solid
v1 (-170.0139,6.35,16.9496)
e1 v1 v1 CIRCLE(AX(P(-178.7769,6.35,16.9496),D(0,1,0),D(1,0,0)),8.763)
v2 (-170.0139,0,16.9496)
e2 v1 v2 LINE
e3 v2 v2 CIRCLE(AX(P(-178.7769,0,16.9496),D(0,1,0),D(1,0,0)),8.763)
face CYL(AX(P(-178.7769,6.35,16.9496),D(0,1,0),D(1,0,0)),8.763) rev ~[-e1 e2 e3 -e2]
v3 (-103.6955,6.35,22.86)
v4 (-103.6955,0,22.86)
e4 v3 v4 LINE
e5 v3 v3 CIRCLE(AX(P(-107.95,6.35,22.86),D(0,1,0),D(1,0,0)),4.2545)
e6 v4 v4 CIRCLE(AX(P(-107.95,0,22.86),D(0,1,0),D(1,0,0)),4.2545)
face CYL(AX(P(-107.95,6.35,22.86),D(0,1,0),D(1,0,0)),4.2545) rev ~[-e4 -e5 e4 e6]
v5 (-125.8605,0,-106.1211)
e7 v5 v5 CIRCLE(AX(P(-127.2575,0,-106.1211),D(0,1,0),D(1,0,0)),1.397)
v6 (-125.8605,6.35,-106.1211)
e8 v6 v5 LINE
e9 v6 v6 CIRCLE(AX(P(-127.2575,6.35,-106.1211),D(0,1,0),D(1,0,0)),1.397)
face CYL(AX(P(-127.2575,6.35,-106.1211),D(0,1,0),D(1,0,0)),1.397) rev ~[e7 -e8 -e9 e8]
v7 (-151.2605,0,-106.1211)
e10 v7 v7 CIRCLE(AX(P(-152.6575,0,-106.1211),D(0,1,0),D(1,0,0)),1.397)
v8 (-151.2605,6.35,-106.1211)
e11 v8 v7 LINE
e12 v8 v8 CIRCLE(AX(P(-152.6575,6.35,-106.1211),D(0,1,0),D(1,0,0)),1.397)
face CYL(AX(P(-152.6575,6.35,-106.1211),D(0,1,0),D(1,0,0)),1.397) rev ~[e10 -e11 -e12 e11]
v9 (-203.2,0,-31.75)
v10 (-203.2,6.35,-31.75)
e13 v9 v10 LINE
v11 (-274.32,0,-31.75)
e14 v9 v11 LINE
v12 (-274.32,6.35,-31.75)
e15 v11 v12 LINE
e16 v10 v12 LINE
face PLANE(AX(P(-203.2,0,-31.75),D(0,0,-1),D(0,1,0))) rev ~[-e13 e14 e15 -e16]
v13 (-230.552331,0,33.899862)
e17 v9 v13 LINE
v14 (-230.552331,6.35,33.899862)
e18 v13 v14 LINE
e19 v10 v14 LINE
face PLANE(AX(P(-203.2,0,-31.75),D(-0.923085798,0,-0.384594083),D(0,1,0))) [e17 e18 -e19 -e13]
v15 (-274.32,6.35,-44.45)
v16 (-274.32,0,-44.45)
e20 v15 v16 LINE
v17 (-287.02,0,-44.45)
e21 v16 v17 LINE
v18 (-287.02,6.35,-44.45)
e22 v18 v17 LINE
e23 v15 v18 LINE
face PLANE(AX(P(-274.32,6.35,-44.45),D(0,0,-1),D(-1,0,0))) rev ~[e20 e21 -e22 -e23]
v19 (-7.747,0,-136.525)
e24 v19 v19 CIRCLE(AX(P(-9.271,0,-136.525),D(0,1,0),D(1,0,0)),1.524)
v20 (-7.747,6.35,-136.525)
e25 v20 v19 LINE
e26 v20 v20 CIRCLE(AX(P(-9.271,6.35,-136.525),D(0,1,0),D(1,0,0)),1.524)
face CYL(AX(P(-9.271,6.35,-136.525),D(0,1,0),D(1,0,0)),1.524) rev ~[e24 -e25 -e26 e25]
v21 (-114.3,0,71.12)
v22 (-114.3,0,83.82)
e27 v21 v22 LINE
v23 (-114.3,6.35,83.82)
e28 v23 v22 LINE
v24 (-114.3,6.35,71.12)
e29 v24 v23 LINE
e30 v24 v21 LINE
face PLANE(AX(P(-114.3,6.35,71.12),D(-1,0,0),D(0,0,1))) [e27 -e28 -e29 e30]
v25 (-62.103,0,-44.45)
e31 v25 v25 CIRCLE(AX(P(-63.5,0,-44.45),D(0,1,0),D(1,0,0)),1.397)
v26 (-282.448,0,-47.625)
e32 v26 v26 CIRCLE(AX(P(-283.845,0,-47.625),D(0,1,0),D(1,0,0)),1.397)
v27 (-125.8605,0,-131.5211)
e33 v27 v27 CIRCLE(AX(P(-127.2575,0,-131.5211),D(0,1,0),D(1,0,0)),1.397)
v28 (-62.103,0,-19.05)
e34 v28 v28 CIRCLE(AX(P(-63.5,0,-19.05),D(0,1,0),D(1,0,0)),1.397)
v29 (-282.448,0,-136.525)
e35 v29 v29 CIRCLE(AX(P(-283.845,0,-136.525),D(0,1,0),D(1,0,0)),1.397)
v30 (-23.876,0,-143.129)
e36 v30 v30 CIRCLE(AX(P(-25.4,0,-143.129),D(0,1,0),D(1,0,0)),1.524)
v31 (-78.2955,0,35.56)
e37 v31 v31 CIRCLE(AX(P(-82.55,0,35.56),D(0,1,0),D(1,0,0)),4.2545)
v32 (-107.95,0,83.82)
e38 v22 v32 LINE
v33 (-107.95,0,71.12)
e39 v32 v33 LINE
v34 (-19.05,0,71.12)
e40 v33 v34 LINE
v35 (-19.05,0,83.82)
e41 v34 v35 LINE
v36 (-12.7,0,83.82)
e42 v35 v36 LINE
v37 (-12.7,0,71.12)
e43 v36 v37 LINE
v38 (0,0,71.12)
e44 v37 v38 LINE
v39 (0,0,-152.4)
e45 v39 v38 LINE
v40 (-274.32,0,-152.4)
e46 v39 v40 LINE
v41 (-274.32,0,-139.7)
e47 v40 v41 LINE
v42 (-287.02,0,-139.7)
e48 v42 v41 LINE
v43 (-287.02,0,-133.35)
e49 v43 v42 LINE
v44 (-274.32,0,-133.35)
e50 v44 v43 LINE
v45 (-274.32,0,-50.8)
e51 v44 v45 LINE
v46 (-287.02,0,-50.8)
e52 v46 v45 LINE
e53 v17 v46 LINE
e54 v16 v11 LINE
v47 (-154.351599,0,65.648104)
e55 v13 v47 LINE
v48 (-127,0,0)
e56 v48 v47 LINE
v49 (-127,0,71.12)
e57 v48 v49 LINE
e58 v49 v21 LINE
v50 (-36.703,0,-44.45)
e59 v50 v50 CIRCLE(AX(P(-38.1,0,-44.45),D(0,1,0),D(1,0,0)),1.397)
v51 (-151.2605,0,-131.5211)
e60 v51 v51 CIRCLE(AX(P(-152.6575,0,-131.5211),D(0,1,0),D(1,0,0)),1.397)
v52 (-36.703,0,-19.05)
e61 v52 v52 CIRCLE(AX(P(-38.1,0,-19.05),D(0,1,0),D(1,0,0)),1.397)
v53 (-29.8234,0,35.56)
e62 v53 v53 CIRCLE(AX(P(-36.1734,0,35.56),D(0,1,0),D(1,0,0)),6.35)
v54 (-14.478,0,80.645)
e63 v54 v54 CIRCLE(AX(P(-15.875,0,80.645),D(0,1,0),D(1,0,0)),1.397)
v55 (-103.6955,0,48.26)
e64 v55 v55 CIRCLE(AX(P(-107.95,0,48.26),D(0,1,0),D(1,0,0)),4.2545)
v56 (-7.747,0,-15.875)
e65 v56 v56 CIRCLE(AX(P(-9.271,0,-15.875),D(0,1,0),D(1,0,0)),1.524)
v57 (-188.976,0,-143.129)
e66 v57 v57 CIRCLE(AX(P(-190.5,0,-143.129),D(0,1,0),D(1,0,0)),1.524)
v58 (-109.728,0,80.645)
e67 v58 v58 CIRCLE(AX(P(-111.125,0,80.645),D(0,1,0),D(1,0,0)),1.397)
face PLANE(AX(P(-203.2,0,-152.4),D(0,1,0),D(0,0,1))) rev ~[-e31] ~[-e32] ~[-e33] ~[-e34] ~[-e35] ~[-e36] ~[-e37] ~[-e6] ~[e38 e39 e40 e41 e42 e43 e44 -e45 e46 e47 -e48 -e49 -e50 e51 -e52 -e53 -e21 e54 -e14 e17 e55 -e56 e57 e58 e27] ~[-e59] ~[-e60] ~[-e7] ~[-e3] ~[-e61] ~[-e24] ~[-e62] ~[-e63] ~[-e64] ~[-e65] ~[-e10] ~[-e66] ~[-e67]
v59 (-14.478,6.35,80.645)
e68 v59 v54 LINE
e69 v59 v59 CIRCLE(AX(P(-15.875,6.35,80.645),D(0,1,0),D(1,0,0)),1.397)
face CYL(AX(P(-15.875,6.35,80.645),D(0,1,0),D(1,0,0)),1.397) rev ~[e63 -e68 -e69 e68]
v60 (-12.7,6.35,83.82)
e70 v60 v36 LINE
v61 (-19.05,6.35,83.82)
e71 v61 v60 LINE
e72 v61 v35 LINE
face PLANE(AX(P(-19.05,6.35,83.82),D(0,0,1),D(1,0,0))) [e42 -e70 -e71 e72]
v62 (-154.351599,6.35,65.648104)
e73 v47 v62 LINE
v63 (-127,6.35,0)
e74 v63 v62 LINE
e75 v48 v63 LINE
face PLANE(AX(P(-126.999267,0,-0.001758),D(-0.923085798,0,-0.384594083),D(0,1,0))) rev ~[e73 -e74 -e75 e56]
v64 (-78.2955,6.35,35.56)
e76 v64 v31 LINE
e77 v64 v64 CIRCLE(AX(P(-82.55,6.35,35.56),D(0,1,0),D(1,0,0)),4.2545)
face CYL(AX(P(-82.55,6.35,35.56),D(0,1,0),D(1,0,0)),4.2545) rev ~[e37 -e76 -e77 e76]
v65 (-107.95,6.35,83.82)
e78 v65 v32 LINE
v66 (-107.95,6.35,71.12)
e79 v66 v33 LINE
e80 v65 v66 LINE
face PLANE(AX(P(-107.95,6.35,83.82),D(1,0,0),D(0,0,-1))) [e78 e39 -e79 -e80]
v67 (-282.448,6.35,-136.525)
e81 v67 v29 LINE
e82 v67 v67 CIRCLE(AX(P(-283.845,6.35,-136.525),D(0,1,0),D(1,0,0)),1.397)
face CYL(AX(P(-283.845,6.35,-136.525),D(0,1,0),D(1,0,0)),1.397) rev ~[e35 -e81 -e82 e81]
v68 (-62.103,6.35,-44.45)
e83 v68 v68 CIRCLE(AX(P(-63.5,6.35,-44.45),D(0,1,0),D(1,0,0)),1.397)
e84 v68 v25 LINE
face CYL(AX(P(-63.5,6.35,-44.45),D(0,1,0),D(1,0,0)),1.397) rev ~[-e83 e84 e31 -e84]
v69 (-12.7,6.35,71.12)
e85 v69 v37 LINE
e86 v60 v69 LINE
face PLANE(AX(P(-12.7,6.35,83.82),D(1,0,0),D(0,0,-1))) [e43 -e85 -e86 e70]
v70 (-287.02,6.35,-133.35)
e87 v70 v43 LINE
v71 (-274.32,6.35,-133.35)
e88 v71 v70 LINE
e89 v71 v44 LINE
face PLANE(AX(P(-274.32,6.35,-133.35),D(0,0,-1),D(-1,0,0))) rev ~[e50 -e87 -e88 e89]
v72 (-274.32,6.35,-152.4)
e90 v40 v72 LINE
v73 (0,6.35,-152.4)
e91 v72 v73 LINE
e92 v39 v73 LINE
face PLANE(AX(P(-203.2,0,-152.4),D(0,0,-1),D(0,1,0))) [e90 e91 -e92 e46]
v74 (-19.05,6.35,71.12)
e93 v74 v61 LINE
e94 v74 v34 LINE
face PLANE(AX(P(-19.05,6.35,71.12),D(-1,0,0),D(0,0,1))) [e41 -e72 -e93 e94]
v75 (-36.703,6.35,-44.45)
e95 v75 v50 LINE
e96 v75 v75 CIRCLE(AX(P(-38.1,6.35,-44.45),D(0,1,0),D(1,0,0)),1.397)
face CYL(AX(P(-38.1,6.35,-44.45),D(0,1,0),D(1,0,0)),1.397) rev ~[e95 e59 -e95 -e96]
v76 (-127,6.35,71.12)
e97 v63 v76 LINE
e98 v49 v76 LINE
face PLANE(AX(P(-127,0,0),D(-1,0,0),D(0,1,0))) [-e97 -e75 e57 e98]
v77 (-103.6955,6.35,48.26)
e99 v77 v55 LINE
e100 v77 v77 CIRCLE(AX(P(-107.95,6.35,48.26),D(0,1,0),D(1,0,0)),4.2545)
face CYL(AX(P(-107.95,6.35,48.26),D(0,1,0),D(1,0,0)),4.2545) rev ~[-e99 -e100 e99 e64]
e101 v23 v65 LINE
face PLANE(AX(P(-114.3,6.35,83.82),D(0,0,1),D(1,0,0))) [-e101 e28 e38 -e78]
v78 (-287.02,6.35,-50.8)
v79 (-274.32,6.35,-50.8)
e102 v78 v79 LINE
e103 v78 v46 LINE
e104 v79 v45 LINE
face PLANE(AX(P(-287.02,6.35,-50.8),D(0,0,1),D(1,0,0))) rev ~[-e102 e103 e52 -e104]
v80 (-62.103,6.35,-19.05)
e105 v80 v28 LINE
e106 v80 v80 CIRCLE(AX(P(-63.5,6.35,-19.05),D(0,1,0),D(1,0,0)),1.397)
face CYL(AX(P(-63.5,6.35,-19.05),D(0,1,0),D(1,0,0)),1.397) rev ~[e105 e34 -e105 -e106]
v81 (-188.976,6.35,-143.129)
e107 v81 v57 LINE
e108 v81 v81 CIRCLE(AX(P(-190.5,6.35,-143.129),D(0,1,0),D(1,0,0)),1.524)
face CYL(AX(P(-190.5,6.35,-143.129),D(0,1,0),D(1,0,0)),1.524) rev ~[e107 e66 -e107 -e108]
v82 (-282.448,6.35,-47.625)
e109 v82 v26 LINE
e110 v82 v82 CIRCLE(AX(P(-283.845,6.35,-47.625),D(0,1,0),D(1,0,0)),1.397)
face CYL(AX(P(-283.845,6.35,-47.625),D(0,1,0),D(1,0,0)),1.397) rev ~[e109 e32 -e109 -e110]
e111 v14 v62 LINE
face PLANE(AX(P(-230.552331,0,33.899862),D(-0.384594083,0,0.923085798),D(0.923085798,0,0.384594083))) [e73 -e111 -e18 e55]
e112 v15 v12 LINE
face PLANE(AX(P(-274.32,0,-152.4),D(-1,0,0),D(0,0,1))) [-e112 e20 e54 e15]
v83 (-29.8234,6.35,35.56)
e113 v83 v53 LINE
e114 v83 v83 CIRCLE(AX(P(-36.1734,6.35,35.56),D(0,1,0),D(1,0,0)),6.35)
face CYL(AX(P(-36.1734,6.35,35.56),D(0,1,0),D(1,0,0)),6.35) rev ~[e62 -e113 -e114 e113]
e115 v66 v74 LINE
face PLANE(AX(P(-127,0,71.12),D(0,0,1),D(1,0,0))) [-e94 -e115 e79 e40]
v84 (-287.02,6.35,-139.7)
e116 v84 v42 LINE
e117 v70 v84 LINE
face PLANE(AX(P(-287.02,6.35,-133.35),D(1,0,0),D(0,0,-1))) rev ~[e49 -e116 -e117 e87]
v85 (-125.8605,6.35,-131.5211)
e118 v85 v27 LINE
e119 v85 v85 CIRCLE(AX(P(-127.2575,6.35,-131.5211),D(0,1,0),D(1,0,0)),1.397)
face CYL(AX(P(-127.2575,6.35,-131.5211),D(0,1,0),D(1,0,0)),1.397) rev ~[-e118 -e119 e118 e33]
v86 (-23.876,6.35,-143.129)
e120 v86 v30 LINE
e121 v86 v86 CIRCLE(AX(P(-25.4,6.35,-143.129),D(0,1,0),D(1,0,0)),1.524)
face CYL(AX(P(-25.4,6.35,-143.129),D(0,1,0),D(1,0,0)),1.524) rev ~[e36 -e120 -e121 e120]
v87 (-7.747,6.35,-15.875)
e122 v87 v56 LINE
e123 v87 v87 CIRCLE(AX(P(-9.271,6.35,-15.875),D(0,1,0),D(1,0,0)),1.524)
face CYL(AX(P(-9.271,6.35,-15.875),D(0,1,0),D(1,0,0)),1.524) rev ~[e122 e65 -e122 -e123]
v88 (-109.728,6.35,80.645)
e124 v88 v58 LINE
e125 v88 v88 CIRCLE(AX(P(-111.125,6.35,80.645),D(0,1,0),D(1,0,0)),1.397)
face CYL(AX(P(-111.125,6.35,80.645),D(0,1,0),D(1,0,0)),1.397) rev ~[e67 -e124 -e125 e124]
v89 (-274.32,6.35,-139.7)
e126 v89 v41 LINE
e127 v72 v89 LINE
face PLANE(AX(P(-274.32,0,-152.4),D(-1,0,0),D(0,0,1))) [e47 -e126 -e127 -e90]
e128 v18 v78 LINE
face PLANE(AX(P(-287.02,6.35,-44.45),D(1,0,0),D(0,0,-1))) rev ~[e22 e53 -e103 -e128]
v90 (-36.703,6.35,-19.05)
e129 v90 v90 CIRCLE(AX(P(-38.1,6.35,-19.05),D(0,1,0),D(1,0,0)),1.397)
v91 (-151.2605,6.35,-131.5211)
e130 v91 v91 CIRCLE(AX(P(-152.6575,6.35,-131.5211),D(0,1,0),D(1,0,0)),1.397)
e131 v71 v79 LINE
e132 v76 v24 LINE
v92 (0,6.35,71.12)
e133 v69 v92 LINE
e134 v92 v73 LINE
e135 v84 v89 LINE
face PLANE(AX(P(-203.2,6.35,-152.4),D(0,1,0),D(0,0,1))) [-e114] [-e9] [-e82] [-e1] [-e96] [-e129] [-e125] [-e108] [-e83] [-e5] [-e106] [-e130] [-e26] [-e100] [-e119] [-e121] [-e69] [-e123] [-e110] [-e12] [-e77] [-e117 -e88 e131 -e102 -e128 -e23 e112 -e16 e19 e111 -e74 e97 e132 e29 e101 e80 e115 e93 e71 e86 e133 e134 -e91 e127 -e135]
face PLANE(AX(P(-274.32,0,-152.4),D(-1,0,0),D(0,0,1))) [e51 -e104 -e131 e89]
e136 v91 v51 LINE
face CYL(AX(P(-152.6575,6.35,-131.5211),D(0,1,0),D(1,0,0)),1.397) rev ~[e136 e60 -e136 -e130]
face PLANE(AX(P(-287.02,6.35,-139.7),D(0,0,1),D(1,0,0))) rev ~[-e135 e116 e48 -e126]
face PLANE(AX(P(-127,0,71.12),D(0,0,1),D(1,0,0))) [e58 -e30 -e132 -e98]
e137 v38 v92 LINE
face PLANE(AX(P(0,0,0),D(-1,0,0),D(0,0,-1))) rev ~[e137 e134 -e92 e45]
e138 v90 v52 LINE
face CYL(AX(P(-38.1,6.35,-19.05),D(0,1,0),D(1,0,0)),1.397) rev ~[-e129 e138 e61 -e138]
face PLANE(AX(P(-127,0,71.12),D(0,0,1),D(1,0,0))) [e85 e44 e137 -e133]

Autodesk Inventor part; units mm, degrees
ref_plane "YZ Plane" through (0, 0, 0) normal (1, 0, 0) x (0, 1, 0)
ref_plane "XZ Plane" through (0, 0, 0) normal (0, 1, 0) x (-1, 0, 0)
ref_plane "XY Plane" through (0, 0, 0) normal (0, 0, 1) x (1, 0, 0)
sketch "Sketch1" plane through (0, 0, 0) normal (0, 1, 0) x (-1, 0, 0)
  line L0 (0, 0) -> (0, -152.4)
  line L1 (0, -152.4) -> (203.2, -152.4)
  line L2 (203.2, -152.4) -> (203.2, -31.75)
  line L3 (203.2, -31.75) -> (127, 0)
  line L4 (127, 0) -> (0, 0)
  dimension "d0" = 203.2
  dimension "d1" = 120.65
  dimension "d2" = 127
  dimension "d3" = 152.4
extrude "Extrusion1" add sketch "Sketch1" along normal blind 6.35
sketch "Sketch3" plane through (-127, 0, 0) normal (0, 0, 1) x (1, 0, 0)
  line L0 (0, 0) -> (127, 0) projected
  line L1 (127, 0) -> (127, 6.35) projected
  line L2 (0, 6.35) -> (127, 6.35) projected
  line L3 (0, 0) -> (0, 6.35) projected
extrude "Extrusion2" add sketch "Sketch3" along normal blind 71.12
sketch "Sketch4" plane through (-203.2, 0, -31.75) normal (-0.3846, 0, 0.9231) x (0.9231, 0, 0.3846)
  line L0 (0, 0) -> (82.55, 0) projected
  line L1 (82.55, 0) -> (82.55, 6.35) projected
  line L2 (0, 6.35) -> (82.55, 6.35) projected
  line L3 (0, 0) -> (0, 6.35) projected
  point P0 (199.7808, 0)
extrude "Extrusion3" add sketch "Sketch4" along normal blind 71.12
sketch "Sketch5" plane through (-203.2, 0, -152.4) normal (-1, 0, 0) x (0, 0, 1)
  line L0 (0, 0) -> (120.65, 0) projected
  line L1 (120.65, 0) -> (120.65, 6.35) projected
  line L2 (0, 6.35) -> (120.65, 6.35) projected
  line L3 (0, 0) -> (0, 6.35) projected
  point P0 (152.4, 0)
extrude "Extrusion4" add sketch "Sketch5" along normal blind 71.12
sketch "Sketch7" plane through (0, 6.35, 0) normal (0, 1, 0) x (1, 0, 0)
  line L0 (0, -71.12) -> (-127, -71.12) projected
  line L1 (-12.7, -71.12) -> (-19.05, -71.12)
  line L2 (-19.05, -71.12) -> (-19.05, -83.82)
  line L3 (-19.05, -83.82) -> (-12.7, -83.82)
  line L4 (-12.7, -83.82) -> (-12.7, -71.12)
  circle A0 centre (-15.875, -80.645) radius 1.397
  line L5 (0, 152.4) -> (0, -71.12) projected
  line L6 (-107.95, -71.12) -> (-114.3, -71.12)
  line L7 (-114.3, -71.12) -> (-114.3, -83.82)
  line L8 (-114.3, -83.82) -> (-107.95, -83.82)
  line L9 (-107.95, -83.82) -> (-107.95, -71.12)
  circle A1 centre (-111.125, -80.645) radius 1.397
  line L10 (-127, 0) -> (-127, -71.12) projected
  point P0 (0, 0)
  dimension "d13" = 12.7
  dimension "d14" = 6.35
  dimension "d15" = 2.794
  dimension "d16" = 3.175
  dimension "d17" = 12.7
  dimension "d18" = 3.175
  dimension "d19" = 12.7
  dimension "d20" = 6.35
  dimension "d21" = 2.794
  dimension "d22" = 3.175
  dimension "d23" = 3.175
  dimension "d24" = 0
  dimension "d25" = 12.7
extrude "Extrusion5" add sketch "Sketch7" against normal blind 6.35
sketch "Sketch8" plane through (0, 6.35, 0) normal (0, 1, 0) x (1, 0, 0)
  line L0 (-274.32, 152.4) -> (-274.32, 31.75) projected
  line L1 (-274.32, 44.45) -> (-287.02, 44.45)
  line L2 (-287.02, 44.45) -> (-287.02, 50.8)
  line L3 (-287.02, 50.8) -> (-274.32, 50.8)
  line L4 (-274.32, 50.8) -> (-274.32, 44.45)
  line L5 (-203.2, 31.75) -> (-274.32, 31.75) projected
  circle A0 centre (-283.845, 47.625) radius 1.397
  line L6 (-274.32, 133.35) -> (-287.02, 133.35)
  line L7 (-287.02, 133.35) -> (-287.02, 139.7)
  line L8 (-287.02, 139.7) -> (-274.32, 139.7)
  line L9 (-274.32, 139.7) -> (-274.32, 133.35)
  circle A1 centre (-283.845, 136.525) radius 1.397
  line L10 (0, 152.4) -> (-274.32, 152.4) projected
  point P0 (0, 0)
  point P1 (-272.7325, 33.3375)
  dimension "d33" = 6.35
  dimension "d34" = 12.7
  dimension "d35" = 12.7
  dimension "d36" = 2.794
  dimension "d37" = 3.175
  dimension "d38" = 3.175
  dimension "d39" = 6.35
  dimension "d40" = 12.7
  dimension "d41" = 2.794
  dimension "d42" = 3.175
  dimension "d43" = 3.175
  dimension "d44" = 0
  dimension "d45" = 12.7
extrude "Extrusion6" add sketch "Sketch8" against normal blind 6.35
sketch "Sketch9" plane through (0, 6.35, 0) normal (0, 1, 0) x (1, 0, 0)
  circle A0 centre (-38.1, 19.05) radius 1.397
  circle A1 centre (-63.5, 19.05) radius 1.397
  circle A2 centre (-38.1, 44.45) radius 1.397
  circle A3 centre (-63.5, 44.45) radius 1.397
  circle A4 centre (-127.2575, 106.1211) radius 1.397
  circle A5 centre (-152.6575, 106.1211) radius 1.397
  circle A6 centre (-127.2575, 131.5211) radius 1.397
  circle A7 centre (-152.6575, 131.5211) radius 1.397
  point P0 (0, 0)
  point P1 (-127, 0)
  dimension "d48" = 2.794
  dimension "d49" = 2.794
  dimension "d50" = 2.794
  dimension "d51" = 2.794
  dimension "d52" = 25.4
  dimension "d53" = 25.4
  dimension "d54" = 25.4
  dimension "d55" = 25.4
  dimension "d56" = 25.4
  dimension "d57" = 25.4
  dimension "d58" = 19.05
  dimension "d59" = 38.1
  dimension "d60" = 2.794
  dimension "d61" = 2.794
  dimension "d62" = 2.794
  dimension "d63" = 2.794
  dimension "d64" = 25.4
  dimension "d65" = 25.4
  dimension "d66" = 25.4
  dimension "d67" = 25.4
  dimension "d68" = 25.4
  dimension "d69" = 25.4
extrude "Extrusion7" cut sketch "Sketch9" against normal blind 6.35
sketch "Sketch10" plane through (0, 6.35, 0) normal (0, 1, 0) x (1, 0, 0)
  circle A0 centre (-9.271, 15.875) radius 1.524
  circle A1 centre (-9.271, 136.525) radius 1.524
  line L0 (0, 152.4) -> (-274.32, 152.4) projected
  circle A2 centre (-283.845, 47.625) radius 1.397 projected
  circle A3 centre (-283.845, 136.525) radius 1.397 projected
  line L1 (0, 152.4) -> (0, -71.12) projected
  circle A4 centre (-25.4, 143.129) radius 1.524
  circle A5 centre (-190.5, 143.129) radius 1.524
  point P0 (0, 0)
  point P1 (-203.2, 31.75)
  dimension "d72" = 3.048
  dimension "d73" = 3.048
  dimension "d74" = 15.875
  dimension "d75" = 120.65
  dimension "d76" = 9.271
  dimension "d77" = 9.271
  dimension "d78" = 3.048
  dimension "d79" = 3.048
  dimension "d80" = 9.271
  dimension "d81" = 25.4
  dimension "d82" = 12.7
  dimension "d83" = 9.271
  dimension "d101" = 88.9
extrude "Extrusion8" cut sketch "Sketch10" against normal blind 6.35 contours A0 | A1 | A4 | A5
sketch "Sketch11" plane through (0, 6.35, 0) normal (0, 1, 0) x (1, 0, 0)
  circle A0 centre (-178.7769, -16.9496) radius 8.763
  circle A1 centre (-107.95, -48.26) radius 4.2545
  circle A2 centre (-82.55, -35.56) radius 4.2545
  circle A3 centre (-107.95, -22.86) radius 4.2545
  line L0 (-19.05, -71.12) -> (-107.95, -71.12) projected
  line L1 (-127, 0) -> (-154.3538, -65.6492) projected
  line L2 (-127, 0) -> (-127, -71.12) projected
  line L3 (-154.3538, -65.6492) -> (-230.5538, -33.8992) projected
  point P0 (0, 0)
  dimension "d86" = 8.509
  dimension "d87" = 8.509
  dimension "d88" = 8.509
  dimension "d89" = 17.526
  dimension "d90" = 22.86
  dimension "d91" = 22.86
  dimension "d92" = 35.56
  dimension "d93" = 44.45
  dimension "d94" = 19.05
  dimension "d95" = 19.05
extrude "Extrusion9" cut sketch "Sketch11" against normal blind 6.35
sketch "Sketch12" plane through (0, 6.35, 0) normal (0, 1, 0) x (1, 0, 0)
  circle A0 centre (-36.1734, -35.56) radius 6.35
  line L0 (0, 152.4) -> (0, -71.12) projected
  line L1 (-127, 0) -> (-127, -71.12) projected
  point P0 (0, 0)
  dimension "d98" = 12.7
extrude "Extrusion10" cut sketch "Sketch12" against normal blind 6.35
sketch "Sketch13" plane through (0, 6.35, 0) normal (0, 1, 0) x (1, 0, 0)
  line L0 (0, 152.4) -> (-274.32, 152.4) projected
  line L1 (0, 152.4) -> (0, -71.12) projected
  circle A0 centre (-36.1734, -35.56) radius 6.35 projected
  circle A1 centre (-107.95, -22.86) radius 4.2545 projected
  circle A2 centre (-107.95, -48.26) radius 4.2545 projected
  circle A3 centre (-82.55, -35.56) radius 4.2545 projected
  circle A4 centre (-178.7769, -16.9496) radius 8.763 projected
  circle A5 centre (-25.4, 143.129) radius 1.524 projected
  circle A6 centre (-9.271, 15.875) radius 1.524 projected
  circle A7 centre (-9.271, 136.525) radius 1.524 projected
  circle A8 centre (-190.5, 143.129) radius 1.524 projected
  circle A9 centre (-127.2575, 131.5211) radius 1.397 projected
  circle A10 centre (-127.2575, 106.1211) radius 1.397 projected
  circle A11 centre (-38.1, 44.45) radius 1.397 projected
  circle A12 centre (-38.1, 19.05) radius 1.397 projected
  circle A13 centre (-63.5, 19.05) radius 1.397 projected
  circle A14 centre (-63.5, 44.45) radius 1.397 projected
  circle A15 centre (-152.6575, 106.1211) radius 1.397 projected
  circle A16 centre (-152.6575, 131.5211) radius 1.397 projected
  circle A17 centre (-283.845, 47.625) radius 1.397 projected
  circle A18 centre (-283.845, 136.525) radius 1.397 projected
  circle A19 centre (-15.875, -80.645) radius 1.397 projected
  circle A20 centre (-111.125, -80.645) radius 1.397 projected
  line L2 (0, 152.4) -> (0, -71.12) projected
  line L3 (0, 152.4) -> (-274.32, 152.4) projected
  line L4 (-274.32, 139.7) -> (-274.32, 152.4) projected
  line L5 (-287.02, 139.7) -> (-274.32, 139.7) projected
  line L6 (-287.02, 133.35) -> (-287.02, 139.7) projected
  line L7 (-274.32, 133.35) -> (-287.02, 133.35) projected
  line L8 (-274.32, 50.8) -> (-274.32, 133.35) projected
  line L9 (-287.02, 50.8) -> (-274.32, 50.8) projected
  line L10 (-287.02, 44.45) -> (-287.02, 50.8) projected
  line L11 (-274.32, 44.45) -> (-287.02, 44.45) projected
  line L12 (-274.32, 31.75) -> (-274.32, 44.45) projected
  line L13 (-203.2, 31.75) -> (-274.32, 31.75) projected
  line L14 (-203.2, 31.75) -> (-230.5538, -33.8992) projected
  line L15 (-154.3538, -65.6492) -> (-230.5538, -33.8992) projected
  line L16 (-127, 0) -> (-154.3538, -65.6492) projected
  line L17 (-127, 0) -> (-127, -71.12) projected
  line L18 (-114.3, -71.12) -> (-127, -71.12) projected
  line L19 (-114.3, -71.12) -> (-114.3, -83.82) projected
  line L20 (-114.3, -83.82) -> (-107.95, -83.82) projected
  line L21 (-107.95, -83.82) -> (-107.95, -71.12) projected
  line L22 (-19.05, -71.12) -> (-107.95, -71.12) projected
  line L23 (-19.05, -71.12) -> (-19.05, -83.82) projected
  line L24 (-19.05, -83.82) -> (-12.7, -83.82) projected
  line L25 (-12.7, -83.82) -> (-12.7, -71.12) projected
  line L26 (0, -71.12) -> (-12.7, -71.12) projected
  point P0 (0, 0)
  dimension "d102" = 15.875
  dimension "d103" = 15.875
properties part number "Cut1"
